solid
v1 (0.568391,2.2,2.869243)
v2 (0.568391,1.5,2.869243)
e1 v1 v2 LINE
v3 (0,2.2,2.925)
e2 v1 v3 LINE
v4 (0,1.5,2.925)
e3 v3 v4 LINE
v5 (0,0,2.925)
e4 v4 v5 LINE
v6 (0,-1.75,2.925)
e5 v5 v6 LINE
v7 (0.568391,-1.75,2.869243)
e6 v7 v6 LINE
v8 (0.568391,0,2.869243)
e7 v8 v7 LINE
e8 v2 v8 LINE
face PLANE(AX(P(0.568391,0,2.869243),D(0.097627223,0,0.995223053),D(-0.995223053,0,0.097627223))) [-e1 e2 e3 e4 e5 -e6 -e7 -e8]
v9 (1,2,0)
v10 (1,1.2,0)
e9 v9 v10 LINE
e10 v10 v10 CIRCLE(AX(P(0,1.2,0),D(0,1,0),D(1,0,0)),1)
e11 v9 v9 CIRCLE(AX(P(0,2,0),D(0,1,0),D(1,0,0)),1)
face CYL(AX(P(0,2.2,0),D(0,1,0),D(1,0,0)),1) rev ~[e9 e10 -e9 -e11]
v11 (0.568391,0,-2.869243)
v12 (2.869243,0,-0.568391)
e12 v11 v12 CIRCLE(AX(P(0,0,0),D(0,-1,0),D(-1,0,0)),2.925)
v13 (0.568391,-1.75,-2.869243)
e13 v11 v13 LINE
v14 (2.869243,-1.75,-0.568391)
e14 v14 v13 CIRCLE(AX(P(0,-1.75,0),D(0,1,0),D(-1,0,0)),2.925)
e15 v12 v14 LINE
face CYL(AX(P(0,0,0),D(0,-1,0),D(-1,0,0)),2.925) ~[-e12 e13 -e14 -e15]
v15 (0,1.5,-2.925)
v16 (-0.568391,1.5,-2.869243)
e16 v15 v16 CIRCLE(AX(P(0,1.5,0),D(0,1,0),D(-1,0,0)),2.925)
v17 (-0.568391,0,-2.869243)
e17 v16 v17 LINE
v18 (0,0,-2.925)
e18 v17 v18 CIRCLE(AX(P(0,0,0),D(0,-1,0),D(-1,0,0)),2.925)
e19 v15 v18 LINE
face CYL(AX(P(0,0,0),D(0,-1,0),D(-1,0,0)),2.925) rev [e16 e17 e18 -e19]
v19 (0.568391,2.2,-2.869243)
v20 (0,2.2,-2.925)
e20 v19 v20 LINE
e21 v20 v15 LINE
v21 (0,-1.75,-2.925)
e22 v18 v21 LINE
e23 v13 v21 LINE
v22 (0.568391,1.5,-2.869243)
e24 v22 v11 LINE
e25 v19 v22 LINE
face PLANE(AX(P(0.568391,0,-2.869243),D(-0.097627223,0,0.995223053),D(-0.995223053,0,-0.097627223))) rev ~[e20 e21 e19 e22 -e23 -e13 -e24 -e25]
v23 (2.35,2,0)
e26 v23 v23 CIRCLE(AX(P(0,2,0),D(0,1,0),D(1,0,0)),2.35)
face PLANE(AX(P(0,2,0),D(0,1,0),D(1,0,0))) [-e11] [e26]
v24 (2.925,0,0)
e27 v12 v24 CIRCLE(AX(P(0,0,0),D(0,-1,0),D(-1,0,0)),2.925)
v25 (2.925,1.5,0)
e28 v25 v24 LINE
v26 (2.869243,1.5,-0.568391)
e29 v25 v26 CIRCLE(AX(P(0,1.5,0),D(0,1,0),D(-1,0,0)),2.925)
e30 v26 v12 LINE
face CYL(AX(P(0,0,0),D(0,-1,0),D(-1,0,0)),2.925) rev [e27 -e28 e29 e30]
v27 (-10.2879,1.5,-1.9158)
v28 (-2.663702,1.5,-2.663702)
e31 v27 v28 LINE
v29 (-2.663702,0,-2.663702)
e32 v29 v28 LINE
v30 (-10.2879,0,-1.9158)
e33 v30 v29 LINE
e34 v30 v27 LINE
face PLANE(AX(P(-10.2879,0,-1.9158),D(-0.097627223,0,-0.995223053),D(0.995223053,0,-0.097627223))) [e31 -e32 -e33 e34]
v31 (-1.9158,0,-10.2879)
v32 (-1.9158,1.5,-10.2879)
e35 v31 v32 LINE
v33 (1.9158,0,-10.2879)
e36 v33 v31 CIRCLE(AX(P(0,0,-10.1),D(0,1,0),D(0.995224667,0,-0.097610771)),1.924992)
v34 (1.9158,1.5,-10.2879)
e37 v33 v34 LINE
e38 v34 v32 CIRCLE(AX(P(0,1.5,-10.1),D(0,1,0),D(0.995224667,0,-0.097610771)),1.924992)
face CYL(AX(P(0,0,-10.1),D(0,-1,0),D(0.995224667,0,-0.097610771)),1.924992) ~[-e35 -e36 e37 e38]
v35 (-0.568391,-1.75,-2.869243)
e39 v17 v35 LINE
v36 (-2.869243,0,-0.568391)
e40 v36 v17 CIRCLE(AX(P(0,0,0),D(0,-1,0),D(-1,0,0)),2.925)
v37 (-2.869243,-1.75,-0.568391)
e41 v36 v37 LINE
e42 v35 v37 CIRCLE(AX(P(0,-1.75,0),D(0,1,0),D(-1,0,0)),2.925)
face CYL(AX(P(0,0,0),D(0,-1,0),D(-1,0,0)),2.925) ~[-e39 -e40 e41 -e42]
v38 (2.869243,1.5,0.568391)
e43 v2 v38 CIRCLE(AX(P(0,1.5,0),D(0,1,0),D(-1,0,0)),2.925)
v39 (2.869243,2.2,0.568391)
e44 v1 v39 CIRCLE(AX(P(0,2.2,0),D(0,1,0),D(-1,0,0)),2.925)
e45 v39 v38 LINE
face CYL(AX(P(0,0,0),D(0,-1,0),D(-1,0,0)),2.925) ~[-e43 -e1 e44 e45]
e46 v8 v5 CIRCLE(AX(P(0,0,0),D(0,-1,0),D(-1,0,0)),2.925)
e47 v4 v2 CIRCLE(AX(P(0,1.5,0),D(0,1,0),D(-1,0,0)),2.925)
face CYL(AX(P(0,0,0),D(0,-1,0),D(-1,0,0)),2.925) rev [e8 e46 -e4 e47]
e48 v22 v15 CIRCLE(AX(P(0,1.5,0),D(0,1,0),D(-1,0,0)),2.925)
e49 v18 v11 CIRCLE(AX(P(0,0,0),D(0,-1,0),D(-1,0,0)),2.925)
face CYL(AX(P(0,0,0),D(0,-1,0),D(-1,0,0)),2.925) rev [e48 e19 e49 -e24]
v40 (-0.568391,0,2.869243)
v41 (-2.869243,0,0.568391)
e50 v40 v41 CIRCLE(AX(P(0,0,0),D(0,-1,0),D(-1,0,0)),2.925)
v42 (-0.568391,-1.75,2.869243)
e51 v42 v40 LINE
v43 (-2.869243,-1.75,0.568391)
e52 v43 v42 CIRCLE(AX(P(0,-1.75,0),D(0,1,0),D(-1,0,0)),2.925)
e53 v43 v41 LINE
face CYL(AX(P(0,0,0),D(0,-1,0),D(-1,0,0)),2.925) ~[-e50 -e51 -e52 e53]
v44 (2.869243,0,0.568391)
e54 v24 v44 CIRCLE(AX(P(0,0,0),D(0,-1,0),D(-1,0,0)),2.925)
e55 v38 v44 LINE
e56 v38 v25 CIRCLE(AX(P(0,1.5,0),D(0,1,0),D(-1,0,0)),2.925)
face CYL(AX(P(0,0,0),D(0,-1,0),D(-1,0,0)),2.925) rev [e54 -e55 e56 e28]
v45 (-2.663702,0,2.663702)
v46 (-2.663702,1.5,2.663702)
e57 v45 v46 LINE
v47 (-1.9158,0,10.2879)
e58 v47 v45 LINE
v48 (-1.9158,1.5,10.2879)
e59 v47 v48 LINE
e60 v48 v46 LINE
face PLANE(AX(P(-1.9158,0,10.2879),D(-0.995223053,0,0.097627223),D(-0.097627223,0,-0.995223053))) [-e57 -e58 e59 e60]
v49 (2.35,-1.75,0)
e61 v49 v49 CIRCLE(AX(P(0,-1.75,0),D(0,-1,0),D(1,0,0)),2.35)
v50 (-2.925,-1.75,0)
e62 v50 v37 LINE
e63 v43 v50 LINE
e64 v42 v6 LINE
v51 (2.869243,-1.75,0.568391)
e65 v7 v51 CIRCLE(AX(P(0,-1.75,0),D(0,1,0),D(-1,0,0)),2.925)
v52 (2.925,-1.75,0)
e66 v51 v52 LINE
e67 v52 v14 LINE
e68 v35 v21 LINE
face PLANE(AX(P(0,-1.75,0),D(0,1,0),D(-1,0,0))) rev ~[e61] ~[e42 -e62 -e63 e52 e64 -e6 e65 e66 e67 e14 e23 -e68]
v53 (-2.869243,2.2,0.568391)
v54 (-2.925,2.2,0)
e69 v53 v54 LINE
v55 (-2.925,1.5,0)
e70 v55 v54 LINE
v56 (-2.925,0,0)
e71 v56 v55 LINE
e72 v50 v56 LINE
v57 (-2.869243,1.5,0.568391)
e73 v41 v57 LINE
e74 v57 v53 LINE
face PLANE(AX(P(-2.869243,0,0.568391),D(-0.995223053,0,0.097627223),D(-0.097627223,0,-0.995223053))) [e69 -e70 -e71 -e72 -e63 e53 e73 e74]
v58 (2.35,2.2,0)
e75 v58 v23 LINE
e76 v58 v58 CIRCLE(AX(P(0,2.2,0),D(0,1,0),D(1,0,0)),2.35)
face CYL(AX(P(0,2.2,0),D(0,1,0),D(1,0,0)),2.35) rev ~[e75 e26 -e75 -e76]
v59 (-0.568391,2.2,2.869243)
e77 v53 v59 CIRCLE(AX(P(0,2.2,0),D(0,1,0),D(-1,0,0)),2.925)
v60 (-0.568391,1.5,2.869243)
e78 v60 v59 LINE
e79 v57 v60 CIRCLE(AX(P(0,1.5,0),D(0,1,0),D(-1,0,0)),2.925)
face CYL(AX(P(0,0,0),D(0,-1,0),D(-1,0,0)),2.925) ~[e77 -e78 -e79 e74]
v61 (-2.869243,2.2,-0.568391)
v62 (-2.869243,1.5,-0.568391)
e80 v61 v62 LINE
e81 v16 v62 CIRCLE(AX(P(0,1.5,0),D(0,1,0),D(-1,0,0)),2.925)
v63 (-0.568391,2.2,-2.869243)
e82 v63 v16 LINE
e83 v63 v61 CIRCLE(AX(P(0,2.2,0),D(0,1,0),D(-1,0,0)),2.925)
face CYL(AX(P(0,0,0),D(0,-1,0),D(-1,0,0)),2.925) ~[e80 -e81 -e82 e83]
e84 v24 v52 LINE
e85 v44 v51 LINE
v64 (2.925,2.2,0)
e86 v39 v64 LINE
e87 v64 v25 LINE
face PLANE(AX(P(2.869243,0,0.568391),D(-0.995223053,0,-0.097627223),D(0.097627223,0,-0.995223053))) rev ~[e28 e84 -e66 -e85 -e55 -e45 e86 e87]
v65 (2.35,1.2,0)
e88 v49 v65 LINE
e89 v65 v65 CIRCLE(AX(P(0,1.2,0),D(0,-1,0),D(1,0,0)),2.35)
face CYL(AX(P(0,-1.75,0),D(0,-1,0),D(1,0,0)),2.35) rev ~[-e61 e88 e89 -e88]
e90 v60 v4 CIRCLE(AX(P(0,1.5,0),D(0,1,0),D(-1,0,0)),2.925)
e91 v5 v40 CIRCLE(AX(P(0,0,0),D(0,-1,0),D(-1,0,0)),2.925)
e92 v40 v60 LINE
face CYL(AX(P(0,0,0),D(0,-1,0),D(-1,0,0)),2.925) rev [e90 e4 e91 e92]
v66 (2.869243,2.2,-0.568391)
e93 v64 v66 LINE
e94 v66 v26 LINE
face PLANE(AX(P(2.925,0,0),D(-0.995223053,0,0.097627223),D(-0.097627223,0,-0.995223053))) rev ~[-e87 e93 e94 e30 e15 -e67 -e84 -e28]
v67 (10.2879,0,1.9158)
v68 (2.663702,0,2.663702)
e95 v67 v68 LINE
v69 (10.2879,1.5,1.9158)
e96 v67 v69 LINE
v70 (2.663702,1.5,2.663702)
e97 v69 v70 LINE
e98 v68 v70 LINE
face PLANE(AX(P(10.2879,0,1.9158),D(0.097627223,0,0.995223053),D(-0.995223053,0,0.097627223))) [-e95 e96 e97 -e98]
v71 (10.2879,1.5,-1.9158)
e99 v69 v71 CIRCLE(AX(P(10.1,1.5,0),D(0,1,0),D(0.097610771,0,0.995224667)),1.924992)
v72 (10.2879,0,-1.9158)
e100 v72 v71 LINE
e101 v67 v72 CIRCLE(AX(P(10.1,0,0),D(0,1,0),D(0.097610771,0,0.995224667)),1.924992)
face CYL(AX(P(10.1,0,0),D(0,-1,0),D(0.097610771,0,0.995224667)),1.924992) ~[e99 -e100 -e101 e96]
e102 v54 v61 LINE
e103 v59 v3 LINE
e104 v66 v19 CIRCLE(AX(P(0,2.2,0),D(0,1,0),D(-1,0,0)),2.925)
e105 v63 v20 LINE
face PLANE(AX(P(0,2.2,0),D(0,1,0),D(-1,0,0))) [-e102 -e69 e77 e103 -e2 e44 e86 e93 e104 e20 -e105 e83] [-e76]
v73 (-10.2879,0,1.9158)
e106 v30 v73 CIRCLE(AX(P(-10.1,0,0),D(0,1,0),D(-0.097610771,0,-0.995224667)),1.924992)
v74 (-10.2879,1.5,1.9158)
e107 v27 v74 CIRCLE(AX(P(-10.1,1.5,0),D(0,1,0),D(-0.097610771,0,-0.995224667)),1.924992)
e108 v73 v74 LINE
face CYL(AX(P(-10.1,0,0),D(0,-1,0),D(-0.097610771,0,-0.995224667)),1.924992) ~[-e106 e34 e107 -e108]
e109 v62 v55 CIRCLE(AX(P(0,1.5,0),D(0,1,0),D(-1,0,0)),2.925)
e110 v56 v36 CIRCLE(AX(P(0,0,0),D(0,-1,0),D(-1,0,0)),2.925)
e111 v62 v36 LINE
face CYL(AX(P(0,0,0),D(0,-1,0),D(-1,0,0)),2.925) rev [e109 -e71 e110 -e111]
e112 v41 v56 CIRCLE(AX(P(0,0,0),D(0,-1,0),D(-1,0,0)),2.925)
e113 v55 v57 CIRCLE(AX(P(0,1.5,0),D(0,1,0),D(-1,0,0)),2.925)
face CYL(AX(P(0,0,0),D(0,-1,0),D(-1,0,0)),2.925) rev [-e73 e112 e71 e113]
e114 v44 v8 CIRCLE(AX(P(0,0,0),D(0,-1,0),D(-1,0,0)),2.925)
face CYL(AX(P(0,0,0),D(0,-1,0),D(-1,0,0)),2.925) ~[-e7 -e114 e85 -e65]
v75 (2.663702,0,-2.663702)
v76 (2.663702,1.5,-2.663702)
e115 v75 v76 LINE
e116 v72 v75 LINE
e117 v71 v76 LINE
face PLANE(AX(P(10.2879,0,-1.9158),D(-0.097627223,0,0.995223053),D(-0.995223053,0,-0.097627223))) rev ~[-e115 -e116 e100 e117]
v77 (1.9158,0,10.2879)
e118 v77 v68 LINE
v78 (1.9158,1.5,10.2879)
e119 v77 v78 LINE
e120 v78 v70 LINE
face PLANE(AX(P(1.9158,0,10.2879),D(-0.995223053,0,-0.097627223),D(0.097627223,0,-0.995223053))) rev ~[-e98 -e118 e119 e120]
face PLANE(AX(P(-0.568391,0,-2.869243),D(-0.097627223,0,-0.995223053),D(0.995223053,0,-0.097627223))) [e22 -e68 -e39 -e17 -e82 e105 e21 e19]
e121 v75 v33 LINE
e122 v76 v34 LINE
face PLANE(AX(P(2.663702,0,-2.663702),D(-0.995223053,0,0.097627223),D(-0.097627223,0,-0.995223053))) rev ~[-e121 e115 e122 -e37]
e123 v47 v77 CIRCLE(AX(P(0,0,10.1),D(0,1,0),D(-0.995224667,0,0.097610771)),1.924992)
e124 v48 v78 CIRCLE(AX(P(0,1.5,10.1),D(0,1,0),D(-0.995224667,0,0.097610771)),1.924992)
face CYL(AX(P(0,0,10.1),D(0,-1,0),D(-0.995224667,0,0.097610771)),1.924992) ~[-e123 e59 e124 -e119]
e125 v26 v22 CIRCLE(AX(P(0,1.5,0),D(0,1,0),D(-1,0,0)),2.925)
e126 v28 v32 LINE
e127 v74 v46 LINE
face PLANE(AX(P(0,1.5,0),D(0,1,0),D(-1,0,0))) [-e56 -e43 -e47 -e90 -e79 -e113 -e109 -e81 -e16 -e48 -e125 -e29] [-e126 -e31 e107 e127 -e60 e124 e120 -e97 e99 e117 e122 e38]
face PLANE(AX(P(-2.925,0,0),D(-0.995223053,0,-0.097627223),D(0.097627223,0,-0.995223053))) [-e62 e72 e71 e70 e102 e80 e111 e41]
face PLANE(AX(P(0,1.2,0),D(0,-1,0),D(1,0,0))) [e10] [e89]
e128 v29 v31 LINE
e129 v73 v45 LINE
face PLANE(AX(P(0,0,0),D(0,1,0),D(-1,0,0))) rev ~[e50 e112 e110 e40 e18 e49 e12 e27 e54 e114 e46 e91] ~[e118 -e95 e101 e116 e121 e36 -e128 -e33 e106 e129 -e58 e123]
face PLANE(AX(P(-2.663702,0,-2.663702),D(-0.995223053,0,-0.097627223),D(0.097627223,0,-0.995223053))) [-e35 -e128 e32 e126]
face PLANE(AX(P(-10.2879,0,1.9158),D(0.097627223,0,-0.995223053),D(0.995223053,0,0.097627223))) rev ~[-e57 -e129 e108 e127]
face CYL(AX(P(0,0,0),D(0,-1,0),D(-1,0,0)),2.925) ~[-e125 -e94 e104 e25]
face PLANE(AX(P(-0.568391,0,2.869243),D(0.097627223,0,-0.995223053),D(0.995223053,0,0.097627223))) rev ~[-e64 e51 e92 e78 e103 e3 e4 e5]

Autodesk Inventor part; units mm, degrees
ref_plane "YZ Plane" through (0, 0, 0) normal (1, 0, 0) x (0, 1, 0)
ref_plane "XZ Plane" through (0, 0, 0) normal (0, 1, 0) x (-1, 0, 0)
ref_plane "XY Plane" through (0, 0, 0) normal (0, 0, 1) x (1, 0, 0)
sketch "Sketch1" plane through (0, 0, 0) normal (0, 1, 0) x (-1, 0, 0)
  circle A0 centre (0, 0) radius 2.925
  line L0 (0, 10.1) -> (0, -10.1) construction
  arc A1 (1.9158, 10.2879) -> (-1.9158, 10.2879) centre (0, 10.1) ccw
  arc A2 (-1.9158, -10.2879) -> (1.9158, -10.2879) centre (0, -10.1) ccw
  line L1 (10.1, 0) -> (-10.1, 0) construction
  arc A3 (10.2879, -1.9158) -> (10.2879, 1.9158) centre (10.1, 0) ccw
  arc A4 (-10.2879, 1.9158) -> (-10.2879, -1.9158) centre (-10.1, 0) ccw
  line L2 (1.9158, 10.2879) -> (2.925, 0)
  line L3 (-1.9158, 10.2879) -> (-2.925, 0)
  line L4 (-2.925, 0) -> (-1.9158, -10.2879)
  line L5 (2.925, 0) -> (1.9158, -10.2879)
  line L6 (10.2879, 1.9158) -> (0, 2.925)
  line L7 (10.2879, -1.9158) -> (0, -2.925)
  line L8 (-10.2879, 1.9158) -> (0, 2.925)
  line L9 (-10.2879, -1.9158) -> (0, -2.925)
  point P0 (2.6637, 2.6637)
  point P1 (-2.6637, 2.6637)
  point P2 (-2.6637, -2.6637)
  point P3 (2.6637, -2.6637)
  point P4 (-0.5684, -2.8692)
  point P5 (0.5684, -2.8692)
  point P6 (2.8692, -0.5684)
  point P7 (2.8692, 0.5684)
  point P8 (0.5684, 2.8692)
  point P9 (-0.5684, 2.8692)
  point P10 (-2.8692, 0.5684)
  point P11 (-2.8692, -0.5684)
  dimension "d0" = 5.85
  dimension "d1" = 20.2
  dimension "d2" = 3.85
  dimension "d3" = 3.85
  dimension "d4" = 20.2
extrude "Extrusion1" add sketch "Sketch1" along normal blind 1.5 contours A0 L2 L6 A3 L7 L5 | A0 L6 L2 | L5 L7 A0 | A0 L8 L3 A1 L2 L6 | L7 L5 A2 L4 L9 A0 | A0 L3 L8 | L9 L4 A0 | A0 L4 L9 A4 L8 L3
extrude "Extrusion2" add sketch "Sketch1" along normal blind 2.2 and the other way blind 1.75 contours L5 A0 L7 L9 L4 L3 L8 L6 L2
sketch "Sketch2" plane through (0, -1.75, 0) normal (0, -1, 0) x (1, 0, 0)
  circle A0 centre (0, 0) radius 2.35
  dimension "d14" = 4.7
extrude "Extrusion3" cut sketch "Sketch2" against normal blind 2.95
sketch "Sketch3" plane through (0, 2.2, 0) normal (0, 1, 0) x (1, 0, 0)
  circle A0 centre (0, 0) radius 1
  dimension "d17" = 2
extrude "Extrusion4" cut sketch "Sketch3" against normal blind 2.95
sketch "Sketch4" plane through (0, 2.2, 0) normal (0, 1, 0) x (1, 0, 0)
  circle A0 centre (0, 0) radius 1 projected
  circle A1 centre (0, 0) radius 2.35
  dimension "d20" = 4.7
extrude "Extrusion5" cut sketch "Sketch4" against normal blind 0.2 contours A0 | A1
properties part number "helice_cruz_mockup"
